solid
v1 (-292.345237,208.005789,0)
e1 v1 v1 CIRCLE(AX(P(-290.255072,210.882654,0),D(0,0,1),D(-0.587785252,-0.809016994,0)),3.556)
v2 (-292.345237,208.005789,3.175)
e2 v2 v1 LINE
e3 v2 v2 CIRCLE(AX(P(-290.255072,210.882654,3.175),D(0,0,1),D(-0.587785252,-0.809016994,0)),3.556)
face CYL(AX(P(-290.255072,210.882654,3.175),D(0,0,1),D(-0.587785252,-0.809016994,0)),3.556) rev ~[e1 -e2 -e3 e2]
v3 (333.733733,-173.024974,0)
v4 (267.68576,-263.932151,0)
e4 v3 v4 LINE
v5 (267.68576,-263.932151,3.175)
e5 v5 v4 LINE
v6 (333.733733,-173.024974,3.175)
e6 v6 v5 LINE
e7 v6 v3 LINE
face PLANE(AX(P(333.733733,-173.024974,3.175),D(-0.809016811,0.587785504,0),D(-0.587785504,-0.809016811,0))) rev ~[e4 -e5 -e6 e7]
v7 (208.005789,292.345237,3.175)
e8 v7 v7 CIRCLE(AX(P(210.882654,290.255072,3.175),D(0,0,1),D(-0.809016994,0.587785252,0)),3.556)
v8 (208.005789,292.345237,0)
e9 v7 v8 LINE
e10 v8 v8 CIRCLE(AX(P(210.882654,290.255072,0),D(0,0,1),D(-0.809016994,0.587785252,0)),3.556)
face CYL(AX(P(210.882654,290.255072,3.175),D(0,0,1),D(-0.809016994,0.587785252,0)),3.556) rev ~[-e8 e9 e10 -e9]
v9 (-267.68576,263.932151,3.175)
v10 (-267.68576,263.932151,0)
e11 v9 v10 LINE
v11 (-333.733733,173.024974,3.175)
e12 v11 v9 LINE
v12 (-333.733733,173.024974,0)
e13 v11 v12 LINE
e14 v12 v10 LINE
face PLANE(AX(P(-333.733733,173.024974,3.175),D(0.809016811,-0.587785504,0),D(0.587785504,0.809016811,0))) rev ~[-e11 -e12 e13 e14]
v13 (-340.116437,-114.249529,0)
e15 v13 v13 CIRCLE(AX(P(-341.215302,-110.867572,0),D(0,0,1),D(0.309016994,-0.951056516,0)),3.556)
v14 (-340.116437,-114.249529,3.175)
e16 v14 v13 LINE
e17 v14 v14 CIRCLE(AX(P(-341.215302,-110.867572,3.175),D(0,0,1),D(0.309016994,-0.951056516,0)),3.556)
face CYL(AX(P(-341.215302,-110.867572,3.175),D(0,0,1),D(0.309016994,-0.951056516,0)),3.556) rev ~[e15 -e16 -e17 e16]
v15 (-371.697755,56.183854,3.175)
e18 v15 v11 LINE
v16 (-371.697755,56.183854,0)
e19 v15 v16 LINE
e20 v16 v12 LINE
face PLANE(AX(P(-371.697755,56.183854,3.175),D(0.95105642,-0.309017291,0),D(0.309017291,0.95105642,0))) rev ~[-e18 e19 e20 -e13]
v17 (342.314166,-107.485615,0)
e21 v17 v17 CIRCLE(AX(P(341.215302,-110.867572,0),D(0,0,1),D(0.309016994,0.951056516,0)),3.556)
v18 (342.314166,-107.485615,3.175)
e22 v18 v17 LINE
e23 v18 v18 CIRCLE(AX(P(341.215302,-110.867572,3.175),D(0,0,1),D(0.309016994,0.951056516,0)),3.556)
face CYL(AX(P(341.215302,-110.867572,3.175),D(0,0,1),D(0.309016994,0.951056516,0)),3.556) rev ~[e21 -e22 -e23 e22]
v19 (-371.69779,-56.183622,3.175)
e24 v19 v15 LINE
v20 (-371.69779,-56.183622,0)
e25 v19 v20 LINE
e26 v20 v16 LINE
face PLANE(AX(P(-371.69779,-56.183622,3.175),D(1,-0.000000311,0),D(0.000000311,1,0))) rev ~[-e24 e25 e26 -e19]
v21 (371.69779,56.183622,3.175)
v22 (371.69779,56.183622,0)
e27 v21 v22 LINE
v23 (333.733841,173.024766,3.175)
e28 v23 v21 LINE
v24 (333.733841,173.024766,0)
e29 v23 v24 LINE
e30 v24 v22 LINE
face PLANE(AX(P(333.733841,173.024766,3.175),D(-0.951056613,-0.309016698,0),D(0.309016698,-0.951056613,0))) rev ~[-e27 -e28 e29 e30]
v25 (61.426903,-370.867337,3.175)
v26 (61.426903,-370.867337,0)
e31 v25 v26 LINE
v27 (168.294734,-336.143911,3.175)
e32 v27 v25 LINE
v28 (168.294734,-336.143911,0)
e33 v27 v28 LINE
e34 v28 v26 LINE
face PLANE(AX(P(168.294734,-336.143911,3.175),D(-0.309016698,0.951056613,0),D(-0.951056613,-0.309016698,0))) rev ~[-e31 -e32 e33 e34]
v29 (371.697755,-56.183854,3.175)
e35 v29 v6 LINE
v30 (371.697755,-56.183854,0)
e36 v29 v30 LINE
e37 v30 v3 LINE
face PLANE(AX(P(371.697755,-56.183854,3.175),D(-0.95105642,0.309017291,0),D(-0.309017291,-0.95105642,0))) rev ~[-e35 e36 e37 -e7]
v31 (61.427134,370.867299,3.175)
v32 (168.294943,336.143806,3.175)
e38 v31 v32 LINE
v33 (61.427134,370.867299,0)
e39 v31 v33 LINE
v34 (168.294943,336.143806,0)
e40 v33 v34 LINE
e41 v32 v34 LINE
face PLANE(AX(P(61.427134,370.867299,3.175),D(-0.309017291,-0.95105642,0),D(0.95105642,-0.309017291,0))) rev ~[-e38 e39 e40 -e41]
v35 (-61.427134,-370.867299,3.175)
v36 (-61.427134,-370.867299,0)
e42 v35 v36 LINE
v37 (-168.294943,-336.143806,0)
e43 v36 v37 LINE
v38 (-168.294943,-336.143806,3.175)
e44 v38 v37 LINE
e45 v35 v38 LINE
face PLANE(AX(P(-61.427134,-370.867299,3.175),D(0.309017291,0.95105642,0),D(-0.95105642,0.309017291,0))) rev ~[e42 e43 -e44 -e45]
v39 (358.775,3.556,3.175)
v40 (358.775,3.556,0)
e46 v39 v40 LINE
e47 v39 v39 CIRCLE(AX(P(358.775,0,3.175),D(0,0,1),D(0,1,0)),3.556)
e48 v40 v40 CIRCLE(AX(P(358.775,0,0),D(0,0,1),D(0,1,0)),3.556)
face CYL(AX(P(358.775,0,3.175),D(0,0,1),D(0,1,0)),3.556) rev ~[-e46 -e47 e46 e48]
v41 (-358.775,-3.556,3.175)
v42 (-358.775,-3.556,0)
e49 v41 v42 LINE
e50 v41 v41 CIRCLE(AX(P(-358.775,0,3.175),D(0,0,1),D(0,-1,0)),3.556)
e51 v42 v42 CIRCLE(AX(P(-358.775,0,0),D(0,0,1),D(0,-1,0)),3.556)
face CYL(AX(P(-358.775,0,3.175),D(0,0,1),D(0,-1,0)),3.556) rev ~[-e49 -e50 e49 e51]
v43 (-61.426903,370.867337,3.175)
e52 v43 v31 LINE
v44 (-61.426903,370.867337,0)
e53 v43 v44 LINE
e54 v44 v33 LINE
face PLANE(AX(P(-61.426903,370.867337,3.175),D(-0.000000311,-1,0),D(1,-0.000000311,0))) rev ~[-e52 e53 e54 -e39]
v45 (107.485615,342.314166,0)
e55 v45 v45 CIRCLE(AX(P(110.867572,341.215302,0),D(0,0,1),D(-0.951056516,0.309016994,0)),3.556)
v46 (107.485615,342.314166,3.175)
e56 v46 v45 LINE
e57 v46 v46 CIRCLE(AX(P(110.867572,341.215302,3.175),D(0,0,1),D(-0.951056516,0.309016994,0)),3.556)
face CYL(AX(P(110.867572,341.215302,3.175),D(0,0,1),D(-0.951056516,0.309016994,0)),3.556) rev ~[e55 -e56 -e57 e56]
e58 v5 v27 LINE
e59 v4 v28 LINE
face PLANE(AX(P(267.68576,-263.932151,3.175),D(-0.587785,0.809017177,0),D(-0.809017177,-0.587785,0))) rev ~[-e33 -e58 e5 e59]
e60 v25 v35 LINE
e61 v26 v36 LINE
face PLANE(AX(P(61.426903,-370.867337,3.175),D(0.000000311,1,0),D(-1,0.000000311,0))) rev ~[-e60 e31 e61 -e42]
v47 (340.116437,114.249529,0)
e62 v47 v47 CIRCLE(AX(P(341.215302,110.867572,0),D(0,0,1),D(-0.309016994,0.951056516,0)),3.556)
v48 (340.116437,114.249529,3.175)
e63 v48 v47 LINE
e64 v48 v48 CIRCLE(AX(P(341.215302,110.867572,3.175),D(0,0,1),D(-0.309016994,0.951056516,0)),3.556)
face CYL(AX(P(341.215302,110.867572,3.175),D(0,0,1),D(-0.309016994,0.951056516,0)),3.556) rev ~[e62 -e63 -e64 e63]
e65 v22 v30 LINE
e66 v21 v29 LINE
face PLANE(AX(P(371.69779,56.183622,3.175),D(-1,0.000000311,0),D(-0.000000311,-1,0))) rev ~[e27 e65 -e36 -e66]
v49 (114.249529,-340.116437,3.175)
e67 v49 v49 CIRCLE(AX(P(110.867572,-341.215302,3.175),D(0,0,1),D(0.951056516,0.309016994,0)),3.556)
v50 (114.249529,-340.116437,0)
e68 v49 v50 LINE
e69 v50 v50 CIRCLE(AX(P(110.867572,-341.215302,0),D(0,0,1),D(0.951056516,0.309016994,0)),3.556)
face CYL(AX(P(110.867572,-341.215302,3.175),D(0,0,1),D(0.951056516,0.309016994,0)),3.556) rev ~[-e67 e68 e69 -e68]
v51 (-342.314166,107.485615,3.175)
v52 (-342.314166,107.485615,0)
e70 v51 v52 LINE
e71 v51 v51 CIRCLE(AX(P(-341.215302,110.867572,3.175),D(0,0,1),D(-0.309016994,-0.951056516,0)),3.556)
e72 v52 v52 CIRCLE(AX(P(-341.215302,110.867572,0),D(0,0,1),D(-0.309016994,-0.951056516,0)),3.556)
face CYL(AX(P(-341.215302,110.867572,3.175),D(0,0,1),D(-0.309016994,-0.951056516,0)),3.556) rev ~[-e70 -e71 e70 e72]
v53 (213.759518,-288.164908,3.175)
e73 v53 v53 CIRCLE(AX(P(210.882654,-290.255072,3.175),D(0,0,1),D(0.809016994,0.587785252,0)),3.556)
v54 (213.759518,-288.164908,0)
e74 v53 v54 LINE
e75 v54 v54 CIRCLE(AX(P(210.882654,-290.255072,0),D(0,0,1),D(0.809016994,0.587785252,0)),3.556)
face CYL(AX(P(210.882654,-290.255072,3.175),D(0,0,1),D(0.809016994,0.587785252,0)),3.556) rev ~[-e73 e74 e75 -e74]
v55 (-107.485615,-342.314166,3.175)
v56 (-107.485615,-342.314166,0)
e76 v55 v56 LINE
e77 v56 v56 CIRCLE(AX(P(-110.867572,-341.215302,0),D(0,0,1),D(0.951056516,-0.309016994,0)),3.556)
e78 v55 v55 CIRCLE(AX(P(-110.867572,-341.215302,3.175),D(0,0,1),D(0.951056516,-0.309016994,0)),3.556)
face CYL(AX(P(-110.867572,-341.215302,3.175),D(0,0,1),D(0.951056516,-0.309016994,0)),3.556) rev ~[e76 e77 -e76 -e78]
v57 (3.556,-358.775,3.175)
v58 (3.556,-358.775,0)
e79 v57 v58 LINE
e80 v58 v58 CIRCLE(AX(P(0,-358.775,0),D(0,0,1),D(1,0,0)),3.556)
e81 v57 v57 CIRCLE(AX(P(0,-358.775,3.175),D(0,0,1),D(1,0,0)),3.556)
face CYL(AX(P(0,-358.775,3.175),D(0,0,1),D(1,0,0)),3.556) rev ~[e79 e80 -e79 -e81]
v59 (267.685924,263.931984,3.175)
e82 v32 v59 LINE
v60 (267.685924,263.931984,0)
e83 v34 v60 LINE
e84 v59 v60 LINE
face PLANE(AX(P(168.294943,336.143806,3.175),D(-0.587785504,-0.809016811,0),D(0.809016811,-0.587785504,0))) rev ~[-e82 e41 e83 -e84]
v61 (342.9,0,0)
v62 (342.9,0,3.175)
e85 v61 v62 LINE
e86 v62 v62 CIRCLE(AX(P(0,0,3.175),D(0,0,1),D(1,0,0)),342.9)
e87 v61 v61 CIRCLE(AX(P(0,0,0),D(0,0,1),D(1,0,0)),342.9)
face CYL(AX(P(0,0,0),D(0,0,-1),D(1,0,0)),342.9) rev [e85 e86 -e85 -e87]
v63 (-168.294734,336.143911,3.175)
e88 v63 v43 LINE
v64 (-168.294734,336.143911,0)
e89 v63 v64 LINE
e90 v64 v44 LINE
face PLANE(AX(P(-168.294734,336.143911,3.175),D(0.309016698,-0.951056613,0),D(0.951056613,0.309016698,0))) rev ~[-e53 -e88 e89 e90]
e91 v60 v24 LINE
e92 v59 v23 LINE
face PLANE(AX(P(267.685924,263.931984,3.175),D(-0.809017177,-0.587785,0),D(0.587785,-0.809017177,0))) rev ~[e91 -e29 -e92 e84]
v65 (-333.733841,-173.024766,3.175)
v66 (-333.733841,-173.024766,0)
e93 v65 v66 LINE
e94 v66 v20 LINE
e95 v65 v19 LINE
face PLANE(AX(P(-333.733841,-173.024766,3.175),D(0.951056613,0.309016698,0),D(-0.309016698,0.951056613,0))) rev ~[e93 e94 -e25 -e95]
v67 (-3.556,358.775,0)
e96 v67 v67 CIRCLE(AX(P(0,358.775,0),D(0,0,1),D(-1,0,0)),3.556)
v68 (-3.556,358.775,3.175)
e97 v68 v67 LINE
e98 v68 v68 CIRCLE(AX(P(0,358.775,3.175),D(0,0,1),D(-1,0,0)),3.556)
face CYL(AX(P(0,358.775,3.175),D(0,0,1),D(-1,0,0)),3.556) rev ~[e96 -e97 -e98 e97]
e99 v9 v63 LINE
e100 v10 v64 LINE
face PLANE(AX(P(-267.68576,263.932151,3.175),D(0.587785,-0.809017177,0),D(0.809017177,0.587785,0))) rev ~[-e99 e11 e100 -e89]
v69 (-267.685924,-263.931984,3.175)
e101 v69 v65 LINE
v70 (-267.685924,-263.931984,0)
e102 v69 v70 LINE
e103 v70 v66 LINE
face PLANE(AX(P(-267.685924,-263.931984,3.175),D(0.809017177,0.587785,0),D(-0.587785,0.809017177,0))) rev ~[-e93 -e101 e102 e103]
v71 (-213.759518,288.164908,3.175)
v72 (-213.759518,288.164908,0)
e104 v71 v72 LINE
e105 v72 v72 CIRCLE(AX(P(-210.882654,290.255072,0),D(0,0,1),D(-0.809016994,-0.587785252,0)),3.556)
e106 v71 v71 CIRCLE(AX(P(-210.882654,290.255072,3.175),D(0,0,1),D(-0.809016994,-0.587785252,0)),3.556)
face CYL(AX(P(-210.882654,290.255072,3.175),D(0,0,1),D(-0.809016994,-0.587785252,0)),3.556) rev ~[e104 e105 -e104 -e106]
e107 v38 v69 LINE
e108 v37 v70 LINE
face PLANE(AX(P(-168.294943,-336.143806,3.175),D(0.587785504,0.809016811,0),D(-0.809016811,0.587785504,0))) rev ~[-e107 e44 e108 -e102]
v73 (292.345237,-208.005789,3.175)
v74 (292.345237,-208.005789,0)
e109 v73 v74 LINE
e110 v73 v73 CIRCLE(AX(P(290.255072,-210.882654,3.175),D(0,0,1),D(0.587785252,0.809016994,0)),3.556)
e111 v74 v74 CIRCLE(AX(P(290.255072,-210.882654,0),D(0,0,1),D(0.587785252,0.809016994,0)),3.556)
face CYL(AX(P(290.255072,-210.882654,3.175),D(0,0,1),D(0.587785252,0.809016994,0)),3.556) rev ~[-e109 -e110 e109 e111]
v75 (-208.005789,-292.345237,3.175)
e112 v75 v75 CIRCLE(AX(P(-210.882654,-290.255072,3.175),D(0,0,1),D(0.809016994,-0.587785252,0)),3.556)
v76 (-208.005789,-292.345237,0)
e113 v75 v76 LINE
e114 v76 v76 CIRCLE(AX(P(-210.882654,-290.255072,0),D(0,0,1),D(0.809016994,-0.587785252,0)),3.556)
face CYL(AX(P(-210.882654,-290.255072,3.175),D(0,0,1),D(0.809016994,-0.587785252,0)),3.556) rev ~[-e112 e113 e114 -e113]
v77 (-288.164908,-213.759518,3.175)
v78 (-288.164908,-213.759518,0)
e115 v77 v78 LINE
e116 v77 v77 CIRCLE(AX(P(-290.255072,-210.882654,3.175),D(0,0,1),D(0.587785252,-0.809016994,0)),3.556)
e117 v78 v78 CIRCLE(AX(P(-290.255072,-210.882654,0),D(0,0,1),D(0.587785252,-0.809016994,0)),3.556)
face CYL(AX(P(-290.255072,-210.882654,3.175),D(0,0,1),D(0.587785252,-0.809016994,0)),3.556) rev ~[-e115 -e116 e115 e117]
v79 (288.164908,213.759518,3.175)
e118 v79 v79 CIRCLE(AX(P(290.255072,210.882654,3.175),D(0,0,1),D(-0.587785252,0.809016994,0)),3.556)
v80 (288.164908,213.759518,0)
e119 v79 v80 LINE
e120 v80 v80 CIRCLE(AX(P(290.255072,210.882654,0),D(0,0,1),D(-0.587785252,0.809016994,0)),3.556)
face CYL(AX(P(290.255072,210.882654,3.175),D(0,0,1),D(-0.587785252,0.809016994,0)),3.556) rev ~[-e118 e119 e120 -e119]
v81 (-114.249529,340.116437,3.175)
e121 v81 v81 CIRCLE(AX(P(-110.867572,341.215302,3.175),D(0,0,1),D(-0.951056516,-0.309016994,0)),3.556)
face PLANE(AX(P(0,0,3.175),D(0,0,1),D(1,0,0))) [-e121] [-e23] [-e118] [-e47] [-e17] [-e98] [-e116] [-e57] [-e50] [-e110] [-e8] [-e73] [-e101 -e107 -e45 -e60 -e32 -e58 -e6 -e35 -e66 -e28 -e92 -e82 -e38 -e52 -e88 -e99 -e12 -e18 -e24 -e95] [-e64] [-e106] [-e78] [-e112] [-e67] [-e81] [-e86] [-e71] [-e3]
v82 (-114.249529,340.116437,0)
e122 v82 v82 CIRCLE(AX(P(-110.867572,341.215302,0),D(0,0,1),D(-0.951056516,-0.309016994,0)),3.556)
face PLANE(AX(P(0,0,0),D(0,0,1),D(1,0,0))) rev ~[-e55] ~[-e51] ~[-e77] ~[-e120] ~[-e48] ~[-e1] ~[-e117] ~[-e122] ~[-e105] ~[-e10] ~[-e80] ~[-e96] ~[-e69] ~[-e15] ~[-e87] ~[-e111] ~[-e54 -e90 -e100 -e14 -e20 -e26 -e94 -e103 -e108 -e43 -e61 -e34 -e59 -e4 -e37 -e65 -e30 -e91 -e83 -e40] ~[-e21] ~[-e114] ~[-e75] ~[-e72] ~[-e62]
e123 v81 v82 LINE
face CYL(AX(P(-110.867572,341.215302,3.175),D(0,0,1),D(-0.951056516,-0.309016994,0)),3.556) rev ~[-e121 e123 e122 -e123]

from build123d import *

# Parameters (mm, degrees)
SKETCH1_R          = 375.92
SKETCH1_R_2        = 342.9
EXTRUDE1_DEPTH     = 3.175
SKETCH2_R          = 3.556
CUT_EXTRUDE1_DEPTH = 3.175
CIRPATTERN1_COUNT  = 20
CUT_EXTRUDE3_DEPTH = 3.175
CIRPATTERN2_COUNT  = 10


with BuildPart() as part:
    # Sketch1 → Extrude1 (new body)
    with BuildSketch(Plane.XY):
        Circle(SKETCH1_R)
        Circle(SKETCH1_R_2, mode=Mode.SUBTRACT)
    extrude(amount=EXTRUDE1_DEPTH)

    # Sketch2 → Cut-Extrude1 (cut)
    with BuildSketch(Plane.XY.offset(3.175)):
        with Locations((0, -358.775)):
            Circle(SKETCH2_R)
    cut_extrude1 = extrude(amount=-CUT_EXTRUDE1_DEPTH, mode=Mode.SUBTRACT)

    # CirPattern1: Cut-Extrude1 ×20 about axis
    cirpattern1_axis = Axis((0, 0, 0), (0, 0, 1))
    for i in range(1, CIRPATTERN1_COUNT):
        add(cut_extrude1.rotate(cirpattern1_axis, i * 360 / CIRPATTERN1_COUNT), mode=Mode.SUBTRACT)

    # Sketch3 → Cut-Extrude3 (cut)
    with BuildSketch(Plane.XY.offset(3.175)):
        Polygon((168.294733652, -336.143911182), (61.426903046, -370.867337443), (-61.427134053, -370.867299181), (-80.587451942, -486.54802329), (220.789134468, -440.993735193), align=None)
    cut_extrude3 = extrude(amount=-CUT_EXTRUDE3_DEPTH, mode=Mode.SUBTRACT)

    # CirPattern2: Cut-Extrude3 ×10 about axis
    cirpattern2_axis = Axis((0, 0, 0), (0, 0, 1))
    for i in range(1, CIRPATTERN2_COUNT):
        add(cut_extrude3.rotate(cirpattern2_axis, i * 360 / CIRPATTERN2_COUNT), mode=Mode.SUBTRACT)


solid = part.part
